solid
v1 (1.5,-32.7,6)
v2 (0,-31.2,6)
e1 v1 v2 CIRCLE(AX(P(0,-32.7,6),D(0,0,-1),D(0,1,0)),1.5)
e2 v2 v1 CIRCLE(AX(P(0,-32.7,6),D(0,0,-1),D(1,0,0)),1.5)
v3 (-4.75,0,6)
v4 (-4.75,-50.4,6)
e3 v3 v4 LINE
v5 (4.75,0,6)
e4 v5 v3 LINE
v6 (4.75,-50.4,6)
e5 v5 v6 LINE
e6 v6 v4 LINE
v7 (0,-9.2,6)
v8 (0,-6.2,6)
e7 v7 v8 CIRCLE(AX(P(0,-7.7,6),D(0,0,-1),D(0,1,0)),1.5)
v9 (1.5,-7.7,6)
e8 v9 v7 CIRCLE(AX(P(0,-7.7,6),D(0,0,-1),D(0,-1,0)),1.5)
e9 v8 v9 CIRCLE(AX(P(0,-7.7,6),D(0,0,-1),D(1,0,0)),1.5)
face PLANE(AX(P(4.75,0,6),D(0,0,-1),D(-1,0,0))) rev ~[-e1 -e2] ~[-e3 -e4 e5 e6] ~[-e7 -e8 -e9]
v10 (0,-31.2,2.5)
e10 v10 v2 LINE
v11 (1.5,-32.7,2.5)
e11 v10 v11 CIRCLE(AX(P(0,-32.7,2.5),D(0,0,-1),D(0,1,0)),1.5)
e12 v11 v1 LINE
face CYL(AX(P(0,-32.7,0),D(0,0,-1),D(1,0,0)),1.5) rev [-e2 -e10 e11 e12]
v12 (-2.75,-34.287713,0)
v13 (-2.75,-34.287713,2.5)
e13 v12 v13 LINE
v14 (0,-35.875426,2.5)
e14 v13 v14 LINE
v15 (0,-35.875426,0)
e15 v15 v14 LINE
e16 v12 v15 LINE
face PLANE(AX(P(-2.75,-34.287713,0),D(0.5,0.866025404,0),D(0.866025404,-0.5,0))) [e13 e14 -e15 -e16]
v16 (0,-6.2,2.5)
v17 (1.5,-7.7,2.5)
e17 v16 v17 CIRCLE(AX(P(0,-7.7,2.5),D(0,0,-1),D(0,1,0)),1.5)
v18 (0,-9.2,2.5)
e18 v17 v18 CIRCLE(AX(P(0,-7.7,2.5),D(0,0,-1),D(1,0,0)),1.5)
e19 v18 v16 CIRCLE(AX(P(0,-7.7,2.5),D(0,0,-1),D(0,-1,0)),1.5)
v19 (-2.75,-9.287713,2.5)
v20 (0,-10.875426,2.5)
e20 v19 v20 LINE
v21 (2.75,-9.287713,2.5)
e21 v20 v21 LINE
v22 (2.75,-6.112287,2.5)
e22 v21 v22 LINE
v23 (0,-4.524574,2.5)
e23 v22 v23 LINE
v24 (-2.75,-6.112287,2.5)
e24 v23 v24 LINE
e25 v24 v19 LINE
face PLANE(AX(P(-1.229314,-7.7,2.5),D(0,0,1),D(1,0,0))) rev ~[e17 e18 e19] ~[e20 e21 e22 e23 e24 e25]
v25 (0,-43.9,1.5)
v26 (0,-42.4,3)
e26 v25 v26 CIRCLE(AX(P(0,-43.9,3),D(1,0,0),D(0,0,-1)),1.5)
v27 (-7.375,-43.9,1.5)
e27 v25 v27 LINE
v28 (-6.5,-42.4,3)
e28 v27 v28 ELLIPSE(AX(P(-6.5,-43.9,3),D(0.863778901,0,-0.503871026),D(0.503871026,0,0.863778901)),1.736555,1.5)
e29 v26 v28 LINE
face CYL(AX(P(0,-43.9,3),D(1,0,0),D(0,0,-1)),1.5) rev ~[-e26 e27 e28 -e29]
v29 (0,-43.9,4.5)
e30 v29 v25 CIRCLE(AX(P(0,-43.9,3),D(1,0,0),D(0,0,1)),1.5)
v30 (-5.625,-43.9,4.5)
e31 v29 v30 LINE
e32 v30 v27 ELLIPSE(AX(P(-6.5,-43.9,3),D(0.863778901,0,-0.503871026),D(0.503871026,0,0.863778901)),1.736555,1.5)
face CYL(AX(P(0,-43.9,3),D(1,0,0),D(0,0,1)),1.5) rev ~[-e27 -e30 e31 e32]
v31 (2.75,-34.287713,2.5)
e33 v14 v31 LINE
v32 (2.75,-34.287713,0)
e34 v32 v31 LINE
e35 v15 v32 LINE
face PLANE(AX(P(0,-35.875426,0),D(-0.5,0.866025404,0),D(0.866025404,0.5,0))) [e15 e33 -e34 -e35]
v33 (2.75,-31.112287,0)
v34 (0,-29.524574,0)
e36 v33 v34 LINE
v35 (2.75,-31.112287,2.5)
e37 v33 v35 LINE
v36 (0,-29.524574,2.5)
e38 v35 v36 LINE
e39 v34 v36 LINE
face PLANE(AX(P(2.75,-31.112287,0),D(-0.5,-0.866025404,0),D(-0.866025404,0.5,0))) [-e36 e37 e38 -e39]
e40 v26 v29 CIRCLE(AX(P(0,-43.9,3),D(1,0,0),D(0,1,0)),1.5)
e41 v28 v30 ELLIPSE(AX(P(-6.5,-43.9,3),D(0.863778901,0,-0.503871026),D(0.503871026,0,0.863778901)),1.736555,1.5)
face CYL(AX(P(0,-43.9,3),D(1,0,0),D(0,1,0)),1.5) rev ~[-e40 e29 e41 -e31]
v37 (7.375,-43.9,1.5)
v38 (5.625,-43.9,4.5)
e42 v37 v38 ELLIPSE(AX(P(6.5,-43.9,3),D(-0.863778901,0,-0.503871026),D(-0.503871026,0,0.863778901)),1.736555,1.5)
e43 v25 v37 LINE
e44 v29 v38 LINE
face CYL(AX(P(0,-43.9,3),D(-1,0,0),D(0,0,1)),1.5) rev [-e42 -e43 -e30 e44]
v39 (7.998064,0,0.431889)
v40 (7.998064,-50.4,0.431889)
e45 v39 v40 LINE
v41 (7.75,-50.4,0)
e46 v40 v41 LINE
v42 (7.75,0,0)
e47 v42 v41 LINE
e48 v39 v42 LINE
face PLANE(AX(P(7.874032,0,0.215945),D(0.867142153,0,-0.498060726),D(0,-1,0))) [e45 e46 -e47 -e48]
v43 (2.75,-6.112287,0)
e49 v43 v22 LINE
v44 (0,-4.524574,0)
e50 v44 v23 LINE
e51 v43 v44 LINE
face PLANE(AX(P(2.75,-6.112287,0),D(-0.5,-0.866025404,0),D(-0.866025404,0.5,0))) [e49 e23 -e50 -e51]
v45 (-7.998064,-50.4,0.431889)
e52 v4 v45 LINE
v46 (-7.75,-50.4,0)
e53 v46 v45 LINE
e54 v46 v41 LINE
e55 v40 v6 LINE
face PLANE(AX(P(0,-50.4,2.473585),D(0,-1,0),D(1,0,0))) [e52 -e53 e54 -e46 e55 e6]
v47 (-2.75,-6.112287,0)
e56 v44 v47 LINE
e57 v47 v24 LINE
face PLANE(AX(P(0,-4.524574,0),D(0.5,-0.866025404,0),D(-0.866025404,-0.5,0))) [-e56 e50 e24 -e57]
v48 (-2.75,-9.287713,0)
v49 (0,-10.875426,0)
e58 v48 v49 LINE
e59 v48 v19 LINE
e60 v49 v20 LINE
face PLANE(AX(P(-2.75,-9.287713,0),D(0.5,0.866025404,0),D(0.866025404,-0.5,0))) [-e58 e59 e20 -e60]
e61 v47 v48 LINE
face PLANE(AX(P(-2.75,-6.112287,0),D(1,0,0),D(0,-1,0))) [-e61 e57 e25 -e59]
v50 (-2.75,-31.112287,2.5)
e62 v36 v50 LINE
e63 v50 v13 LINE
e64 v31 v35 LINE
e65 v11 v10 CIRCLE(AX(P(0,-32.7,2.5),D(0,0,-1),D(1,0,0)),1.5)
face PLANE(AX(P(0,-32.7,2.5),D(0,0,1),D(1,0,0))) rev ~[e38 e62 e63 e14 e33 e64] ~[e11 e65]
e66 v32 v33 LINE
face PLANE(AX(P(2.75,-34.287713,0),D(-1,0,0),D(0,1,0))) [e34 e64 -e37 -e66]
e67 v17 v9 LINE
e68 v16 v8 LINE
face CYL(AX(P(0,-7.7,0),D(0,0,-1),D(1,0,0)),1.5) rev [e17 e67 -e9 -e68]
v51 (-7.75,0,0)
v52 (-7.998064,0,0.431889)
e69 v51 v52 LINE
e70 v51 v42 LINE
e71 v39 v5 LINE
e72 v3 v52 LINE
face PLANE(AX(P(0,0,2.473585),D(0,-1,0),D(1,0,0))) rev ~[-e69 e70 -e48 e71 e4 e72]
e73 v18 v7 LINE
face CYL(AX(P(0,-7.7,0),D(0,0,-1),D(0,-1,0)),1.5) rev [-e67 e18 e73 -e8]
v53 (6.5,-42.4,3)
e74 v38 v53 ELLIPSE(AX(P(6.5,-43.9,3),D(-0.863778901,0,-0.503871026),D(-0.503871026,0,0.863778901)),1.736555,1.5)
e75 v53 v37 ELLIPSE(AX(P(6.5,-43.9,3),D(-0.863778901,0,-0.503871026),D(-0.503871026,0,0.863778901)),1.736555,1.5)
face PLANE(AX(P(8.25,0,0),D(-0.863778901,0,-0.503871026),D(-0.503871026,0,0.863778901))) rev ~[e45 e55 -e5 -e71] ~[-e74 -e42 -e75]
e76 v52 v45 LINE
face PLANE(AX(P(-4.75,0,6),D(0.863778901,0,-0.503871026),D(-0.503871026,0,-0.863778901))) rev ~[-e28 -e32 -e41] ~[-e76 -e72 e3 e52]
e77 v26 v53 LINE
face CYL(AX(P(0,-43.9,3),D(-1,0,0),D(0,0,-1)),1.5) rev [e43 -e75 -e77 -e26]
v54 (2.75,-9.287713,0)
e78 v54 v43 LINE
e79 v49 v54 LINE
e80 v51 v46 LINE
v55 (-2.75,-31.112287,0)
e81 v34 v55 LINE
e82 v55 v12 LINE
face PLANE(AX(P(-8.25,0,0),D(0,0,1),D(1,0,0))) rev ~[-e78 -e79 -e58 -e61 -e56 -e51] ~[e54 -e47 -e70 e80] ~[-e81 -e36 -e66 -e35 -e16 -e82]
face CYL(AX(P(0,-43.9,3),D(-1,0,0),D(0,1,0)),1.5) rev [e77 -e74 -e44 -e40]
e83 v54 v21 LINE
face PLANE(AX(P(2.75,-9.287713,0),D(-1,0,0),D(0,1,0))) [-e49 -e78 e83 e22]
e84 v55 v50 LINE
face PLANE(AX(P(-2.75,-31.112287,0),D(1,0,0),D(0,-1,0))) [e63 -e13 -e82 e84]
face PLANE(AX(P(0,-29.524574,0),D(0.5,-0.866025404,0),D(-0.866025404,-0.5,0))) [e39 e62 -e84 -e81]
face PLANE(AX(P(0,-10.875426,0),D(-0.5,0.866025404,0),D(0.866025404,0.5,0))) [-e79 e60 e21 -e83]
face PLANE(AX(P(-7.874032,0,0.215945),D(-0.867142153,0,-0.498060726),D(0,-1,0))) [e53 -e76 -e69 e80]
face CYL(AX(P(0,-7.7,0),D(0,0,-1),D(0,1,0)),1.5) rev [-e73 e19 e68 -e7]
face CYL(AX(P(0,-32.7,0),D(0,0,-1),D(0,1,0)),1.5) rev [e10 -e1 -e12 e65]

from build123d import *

# Parameters (mm, degrees)
F1_DEPTH      = 50.4
F3_DEPTH      = 6.001
F4_DEPTH      = 2.5
F6_DEPTH      = 8.251
F6_DEPTH_BACK = 8.251
F7_SIZE       = 0.5


with BuildPart() as f1:
    # F0 (on Front) → F1 (new body)
    with BuildSketch(Plane.XZ):
        Polygon((8.25, 0), (4.75, 6), (-4.75, 6), (-8.25, 0), align=None)
    extrude(amount=F1_DEPTH)

    # F2 (on Top) → F3 (cut, through all)
    with BuildSketch(Plane.XY):
        with BuildLine():
            ThreePointArc((1.5, -32.7), (1.0606601718, -31.6393398282), (0, -31.2))
            ThreePointArc((0, -31.2), (-1.0606601718, -33.7606601718), (1.5, -32.7))
        make_face()
        with BuildLine():
            ThreePointArc((0, -6.2), (-1.5, -7.7), (0, -9.2))
            Line((0, -9.2), (0, -6.2))
        make_face()
        with BuildLine():
            Line((0, -6.2), (0, -9.2))
            ThreePointArc((0, -9.2), (1.0606601718, -8.7606601718), (1.5, -7.7))
            ThreePointArc((1.5, -7.7), (1.0606601718, -6.6393398282), (0, -6.2))
        make_face()
    extrude(amount=F3_DEPTH, mode=Mode.SUBTRACT)

    # F2 (on Top) → F4 (cut)
    with BuildSketch(Plane.XY):
        Polygon((2.75, -31.1122867597), (0, -29.5245735195), (-2.75, -31.1122867597), (-2.75, -34.2877132403), (0, -35.8754264805), (2.75, -34.2877132403), align=None)
        with BuildLine():
            ThreePointArc((1.5, -32.7), (-1.0606601718, -33.7606601718), (0, -31.2))
            ThreePointArc((0, -31.2), (1.0606601718, -31.6393398282), (1.5, -32.7))
        make_face(mode=Mode.SUBTRACT)
        with BuildLine():
            Line((-2.75, -9.2877132403), (0, -10.8754264805))
            Line((0, -10.8754264805), (0, -9.2))
            ThreePointArc((0, -9.2), (-1.5, -7.7), (0, -6.2))
            Line((0, -6.2), (0, -4.5245735195))
            Line((0, -4.5245735195), (-2.75, -6.1122867597))
            Line((-2.75, -6.1122867597), (-2.75, -9.2877132403))
        make_face()
        with BuildLine():
            Line((0, -9.2), (0, -10.8754264805))
            Line((0, -10.8754264805), (2.75, -9.2877132403))
            Line((2.75, -9.2877132403), (2.75, -6.1122867597))
            Line((2.75, -6.1122867597), (0, -4.5245735195))
            Line((0, -4.5245735195), (0, -6.2))
            ThreePointArc((0, -6.2), (1.0606601718, -6.6393398282), (1.5, -7.7))
            ThreePointArc((1.5, -7.7), (1.0606601718, -8.7606601718), (0, -9.2))
        make_face()
    extrude(amount=F4_DEPTH, mode=Mode.SUBTRACT)

    # F5 (on Right) → F6 (cut, two sides)
    with BuildSketch(Plane.YZ) as f6_sk:
        with BuildLine():
            ThreePointArc((-43.9, 4.5), (-45.4, 3), (-43.9, 1.5))
            Line((-43.9, 1.5), (-43.9, 4.5))
        make_face()
        with BuildLine():
            Line((-43.9, 4.5), (-43.9, 1.5))
            ThreePointArc((-43.9, 1.5), (-42.8393398282, 1.9393398282), (-42.4, 3))
            ThreePointArc((-42.4, 3), (-42.8393398282, 4.0606601718), (-43.9, 4.5))
        make_face()
    extrude(amount=-F6_DEPTH, mode=Mode.SUBTRACT)
    extrude(f6_sk.sketch, amount=F6_DEPTH_BACK, mode=Mode.SUBTRACT)

    # F7
    f7_edges = [f1.edges().sort_by_distance(p)[0] for p in [
        (-8.25, -25.2, 0),
        (8.25, -25.2, 0),
    ]]
    chamfer(f7_edges, length=F7_SIZE)


solid = f1.part
